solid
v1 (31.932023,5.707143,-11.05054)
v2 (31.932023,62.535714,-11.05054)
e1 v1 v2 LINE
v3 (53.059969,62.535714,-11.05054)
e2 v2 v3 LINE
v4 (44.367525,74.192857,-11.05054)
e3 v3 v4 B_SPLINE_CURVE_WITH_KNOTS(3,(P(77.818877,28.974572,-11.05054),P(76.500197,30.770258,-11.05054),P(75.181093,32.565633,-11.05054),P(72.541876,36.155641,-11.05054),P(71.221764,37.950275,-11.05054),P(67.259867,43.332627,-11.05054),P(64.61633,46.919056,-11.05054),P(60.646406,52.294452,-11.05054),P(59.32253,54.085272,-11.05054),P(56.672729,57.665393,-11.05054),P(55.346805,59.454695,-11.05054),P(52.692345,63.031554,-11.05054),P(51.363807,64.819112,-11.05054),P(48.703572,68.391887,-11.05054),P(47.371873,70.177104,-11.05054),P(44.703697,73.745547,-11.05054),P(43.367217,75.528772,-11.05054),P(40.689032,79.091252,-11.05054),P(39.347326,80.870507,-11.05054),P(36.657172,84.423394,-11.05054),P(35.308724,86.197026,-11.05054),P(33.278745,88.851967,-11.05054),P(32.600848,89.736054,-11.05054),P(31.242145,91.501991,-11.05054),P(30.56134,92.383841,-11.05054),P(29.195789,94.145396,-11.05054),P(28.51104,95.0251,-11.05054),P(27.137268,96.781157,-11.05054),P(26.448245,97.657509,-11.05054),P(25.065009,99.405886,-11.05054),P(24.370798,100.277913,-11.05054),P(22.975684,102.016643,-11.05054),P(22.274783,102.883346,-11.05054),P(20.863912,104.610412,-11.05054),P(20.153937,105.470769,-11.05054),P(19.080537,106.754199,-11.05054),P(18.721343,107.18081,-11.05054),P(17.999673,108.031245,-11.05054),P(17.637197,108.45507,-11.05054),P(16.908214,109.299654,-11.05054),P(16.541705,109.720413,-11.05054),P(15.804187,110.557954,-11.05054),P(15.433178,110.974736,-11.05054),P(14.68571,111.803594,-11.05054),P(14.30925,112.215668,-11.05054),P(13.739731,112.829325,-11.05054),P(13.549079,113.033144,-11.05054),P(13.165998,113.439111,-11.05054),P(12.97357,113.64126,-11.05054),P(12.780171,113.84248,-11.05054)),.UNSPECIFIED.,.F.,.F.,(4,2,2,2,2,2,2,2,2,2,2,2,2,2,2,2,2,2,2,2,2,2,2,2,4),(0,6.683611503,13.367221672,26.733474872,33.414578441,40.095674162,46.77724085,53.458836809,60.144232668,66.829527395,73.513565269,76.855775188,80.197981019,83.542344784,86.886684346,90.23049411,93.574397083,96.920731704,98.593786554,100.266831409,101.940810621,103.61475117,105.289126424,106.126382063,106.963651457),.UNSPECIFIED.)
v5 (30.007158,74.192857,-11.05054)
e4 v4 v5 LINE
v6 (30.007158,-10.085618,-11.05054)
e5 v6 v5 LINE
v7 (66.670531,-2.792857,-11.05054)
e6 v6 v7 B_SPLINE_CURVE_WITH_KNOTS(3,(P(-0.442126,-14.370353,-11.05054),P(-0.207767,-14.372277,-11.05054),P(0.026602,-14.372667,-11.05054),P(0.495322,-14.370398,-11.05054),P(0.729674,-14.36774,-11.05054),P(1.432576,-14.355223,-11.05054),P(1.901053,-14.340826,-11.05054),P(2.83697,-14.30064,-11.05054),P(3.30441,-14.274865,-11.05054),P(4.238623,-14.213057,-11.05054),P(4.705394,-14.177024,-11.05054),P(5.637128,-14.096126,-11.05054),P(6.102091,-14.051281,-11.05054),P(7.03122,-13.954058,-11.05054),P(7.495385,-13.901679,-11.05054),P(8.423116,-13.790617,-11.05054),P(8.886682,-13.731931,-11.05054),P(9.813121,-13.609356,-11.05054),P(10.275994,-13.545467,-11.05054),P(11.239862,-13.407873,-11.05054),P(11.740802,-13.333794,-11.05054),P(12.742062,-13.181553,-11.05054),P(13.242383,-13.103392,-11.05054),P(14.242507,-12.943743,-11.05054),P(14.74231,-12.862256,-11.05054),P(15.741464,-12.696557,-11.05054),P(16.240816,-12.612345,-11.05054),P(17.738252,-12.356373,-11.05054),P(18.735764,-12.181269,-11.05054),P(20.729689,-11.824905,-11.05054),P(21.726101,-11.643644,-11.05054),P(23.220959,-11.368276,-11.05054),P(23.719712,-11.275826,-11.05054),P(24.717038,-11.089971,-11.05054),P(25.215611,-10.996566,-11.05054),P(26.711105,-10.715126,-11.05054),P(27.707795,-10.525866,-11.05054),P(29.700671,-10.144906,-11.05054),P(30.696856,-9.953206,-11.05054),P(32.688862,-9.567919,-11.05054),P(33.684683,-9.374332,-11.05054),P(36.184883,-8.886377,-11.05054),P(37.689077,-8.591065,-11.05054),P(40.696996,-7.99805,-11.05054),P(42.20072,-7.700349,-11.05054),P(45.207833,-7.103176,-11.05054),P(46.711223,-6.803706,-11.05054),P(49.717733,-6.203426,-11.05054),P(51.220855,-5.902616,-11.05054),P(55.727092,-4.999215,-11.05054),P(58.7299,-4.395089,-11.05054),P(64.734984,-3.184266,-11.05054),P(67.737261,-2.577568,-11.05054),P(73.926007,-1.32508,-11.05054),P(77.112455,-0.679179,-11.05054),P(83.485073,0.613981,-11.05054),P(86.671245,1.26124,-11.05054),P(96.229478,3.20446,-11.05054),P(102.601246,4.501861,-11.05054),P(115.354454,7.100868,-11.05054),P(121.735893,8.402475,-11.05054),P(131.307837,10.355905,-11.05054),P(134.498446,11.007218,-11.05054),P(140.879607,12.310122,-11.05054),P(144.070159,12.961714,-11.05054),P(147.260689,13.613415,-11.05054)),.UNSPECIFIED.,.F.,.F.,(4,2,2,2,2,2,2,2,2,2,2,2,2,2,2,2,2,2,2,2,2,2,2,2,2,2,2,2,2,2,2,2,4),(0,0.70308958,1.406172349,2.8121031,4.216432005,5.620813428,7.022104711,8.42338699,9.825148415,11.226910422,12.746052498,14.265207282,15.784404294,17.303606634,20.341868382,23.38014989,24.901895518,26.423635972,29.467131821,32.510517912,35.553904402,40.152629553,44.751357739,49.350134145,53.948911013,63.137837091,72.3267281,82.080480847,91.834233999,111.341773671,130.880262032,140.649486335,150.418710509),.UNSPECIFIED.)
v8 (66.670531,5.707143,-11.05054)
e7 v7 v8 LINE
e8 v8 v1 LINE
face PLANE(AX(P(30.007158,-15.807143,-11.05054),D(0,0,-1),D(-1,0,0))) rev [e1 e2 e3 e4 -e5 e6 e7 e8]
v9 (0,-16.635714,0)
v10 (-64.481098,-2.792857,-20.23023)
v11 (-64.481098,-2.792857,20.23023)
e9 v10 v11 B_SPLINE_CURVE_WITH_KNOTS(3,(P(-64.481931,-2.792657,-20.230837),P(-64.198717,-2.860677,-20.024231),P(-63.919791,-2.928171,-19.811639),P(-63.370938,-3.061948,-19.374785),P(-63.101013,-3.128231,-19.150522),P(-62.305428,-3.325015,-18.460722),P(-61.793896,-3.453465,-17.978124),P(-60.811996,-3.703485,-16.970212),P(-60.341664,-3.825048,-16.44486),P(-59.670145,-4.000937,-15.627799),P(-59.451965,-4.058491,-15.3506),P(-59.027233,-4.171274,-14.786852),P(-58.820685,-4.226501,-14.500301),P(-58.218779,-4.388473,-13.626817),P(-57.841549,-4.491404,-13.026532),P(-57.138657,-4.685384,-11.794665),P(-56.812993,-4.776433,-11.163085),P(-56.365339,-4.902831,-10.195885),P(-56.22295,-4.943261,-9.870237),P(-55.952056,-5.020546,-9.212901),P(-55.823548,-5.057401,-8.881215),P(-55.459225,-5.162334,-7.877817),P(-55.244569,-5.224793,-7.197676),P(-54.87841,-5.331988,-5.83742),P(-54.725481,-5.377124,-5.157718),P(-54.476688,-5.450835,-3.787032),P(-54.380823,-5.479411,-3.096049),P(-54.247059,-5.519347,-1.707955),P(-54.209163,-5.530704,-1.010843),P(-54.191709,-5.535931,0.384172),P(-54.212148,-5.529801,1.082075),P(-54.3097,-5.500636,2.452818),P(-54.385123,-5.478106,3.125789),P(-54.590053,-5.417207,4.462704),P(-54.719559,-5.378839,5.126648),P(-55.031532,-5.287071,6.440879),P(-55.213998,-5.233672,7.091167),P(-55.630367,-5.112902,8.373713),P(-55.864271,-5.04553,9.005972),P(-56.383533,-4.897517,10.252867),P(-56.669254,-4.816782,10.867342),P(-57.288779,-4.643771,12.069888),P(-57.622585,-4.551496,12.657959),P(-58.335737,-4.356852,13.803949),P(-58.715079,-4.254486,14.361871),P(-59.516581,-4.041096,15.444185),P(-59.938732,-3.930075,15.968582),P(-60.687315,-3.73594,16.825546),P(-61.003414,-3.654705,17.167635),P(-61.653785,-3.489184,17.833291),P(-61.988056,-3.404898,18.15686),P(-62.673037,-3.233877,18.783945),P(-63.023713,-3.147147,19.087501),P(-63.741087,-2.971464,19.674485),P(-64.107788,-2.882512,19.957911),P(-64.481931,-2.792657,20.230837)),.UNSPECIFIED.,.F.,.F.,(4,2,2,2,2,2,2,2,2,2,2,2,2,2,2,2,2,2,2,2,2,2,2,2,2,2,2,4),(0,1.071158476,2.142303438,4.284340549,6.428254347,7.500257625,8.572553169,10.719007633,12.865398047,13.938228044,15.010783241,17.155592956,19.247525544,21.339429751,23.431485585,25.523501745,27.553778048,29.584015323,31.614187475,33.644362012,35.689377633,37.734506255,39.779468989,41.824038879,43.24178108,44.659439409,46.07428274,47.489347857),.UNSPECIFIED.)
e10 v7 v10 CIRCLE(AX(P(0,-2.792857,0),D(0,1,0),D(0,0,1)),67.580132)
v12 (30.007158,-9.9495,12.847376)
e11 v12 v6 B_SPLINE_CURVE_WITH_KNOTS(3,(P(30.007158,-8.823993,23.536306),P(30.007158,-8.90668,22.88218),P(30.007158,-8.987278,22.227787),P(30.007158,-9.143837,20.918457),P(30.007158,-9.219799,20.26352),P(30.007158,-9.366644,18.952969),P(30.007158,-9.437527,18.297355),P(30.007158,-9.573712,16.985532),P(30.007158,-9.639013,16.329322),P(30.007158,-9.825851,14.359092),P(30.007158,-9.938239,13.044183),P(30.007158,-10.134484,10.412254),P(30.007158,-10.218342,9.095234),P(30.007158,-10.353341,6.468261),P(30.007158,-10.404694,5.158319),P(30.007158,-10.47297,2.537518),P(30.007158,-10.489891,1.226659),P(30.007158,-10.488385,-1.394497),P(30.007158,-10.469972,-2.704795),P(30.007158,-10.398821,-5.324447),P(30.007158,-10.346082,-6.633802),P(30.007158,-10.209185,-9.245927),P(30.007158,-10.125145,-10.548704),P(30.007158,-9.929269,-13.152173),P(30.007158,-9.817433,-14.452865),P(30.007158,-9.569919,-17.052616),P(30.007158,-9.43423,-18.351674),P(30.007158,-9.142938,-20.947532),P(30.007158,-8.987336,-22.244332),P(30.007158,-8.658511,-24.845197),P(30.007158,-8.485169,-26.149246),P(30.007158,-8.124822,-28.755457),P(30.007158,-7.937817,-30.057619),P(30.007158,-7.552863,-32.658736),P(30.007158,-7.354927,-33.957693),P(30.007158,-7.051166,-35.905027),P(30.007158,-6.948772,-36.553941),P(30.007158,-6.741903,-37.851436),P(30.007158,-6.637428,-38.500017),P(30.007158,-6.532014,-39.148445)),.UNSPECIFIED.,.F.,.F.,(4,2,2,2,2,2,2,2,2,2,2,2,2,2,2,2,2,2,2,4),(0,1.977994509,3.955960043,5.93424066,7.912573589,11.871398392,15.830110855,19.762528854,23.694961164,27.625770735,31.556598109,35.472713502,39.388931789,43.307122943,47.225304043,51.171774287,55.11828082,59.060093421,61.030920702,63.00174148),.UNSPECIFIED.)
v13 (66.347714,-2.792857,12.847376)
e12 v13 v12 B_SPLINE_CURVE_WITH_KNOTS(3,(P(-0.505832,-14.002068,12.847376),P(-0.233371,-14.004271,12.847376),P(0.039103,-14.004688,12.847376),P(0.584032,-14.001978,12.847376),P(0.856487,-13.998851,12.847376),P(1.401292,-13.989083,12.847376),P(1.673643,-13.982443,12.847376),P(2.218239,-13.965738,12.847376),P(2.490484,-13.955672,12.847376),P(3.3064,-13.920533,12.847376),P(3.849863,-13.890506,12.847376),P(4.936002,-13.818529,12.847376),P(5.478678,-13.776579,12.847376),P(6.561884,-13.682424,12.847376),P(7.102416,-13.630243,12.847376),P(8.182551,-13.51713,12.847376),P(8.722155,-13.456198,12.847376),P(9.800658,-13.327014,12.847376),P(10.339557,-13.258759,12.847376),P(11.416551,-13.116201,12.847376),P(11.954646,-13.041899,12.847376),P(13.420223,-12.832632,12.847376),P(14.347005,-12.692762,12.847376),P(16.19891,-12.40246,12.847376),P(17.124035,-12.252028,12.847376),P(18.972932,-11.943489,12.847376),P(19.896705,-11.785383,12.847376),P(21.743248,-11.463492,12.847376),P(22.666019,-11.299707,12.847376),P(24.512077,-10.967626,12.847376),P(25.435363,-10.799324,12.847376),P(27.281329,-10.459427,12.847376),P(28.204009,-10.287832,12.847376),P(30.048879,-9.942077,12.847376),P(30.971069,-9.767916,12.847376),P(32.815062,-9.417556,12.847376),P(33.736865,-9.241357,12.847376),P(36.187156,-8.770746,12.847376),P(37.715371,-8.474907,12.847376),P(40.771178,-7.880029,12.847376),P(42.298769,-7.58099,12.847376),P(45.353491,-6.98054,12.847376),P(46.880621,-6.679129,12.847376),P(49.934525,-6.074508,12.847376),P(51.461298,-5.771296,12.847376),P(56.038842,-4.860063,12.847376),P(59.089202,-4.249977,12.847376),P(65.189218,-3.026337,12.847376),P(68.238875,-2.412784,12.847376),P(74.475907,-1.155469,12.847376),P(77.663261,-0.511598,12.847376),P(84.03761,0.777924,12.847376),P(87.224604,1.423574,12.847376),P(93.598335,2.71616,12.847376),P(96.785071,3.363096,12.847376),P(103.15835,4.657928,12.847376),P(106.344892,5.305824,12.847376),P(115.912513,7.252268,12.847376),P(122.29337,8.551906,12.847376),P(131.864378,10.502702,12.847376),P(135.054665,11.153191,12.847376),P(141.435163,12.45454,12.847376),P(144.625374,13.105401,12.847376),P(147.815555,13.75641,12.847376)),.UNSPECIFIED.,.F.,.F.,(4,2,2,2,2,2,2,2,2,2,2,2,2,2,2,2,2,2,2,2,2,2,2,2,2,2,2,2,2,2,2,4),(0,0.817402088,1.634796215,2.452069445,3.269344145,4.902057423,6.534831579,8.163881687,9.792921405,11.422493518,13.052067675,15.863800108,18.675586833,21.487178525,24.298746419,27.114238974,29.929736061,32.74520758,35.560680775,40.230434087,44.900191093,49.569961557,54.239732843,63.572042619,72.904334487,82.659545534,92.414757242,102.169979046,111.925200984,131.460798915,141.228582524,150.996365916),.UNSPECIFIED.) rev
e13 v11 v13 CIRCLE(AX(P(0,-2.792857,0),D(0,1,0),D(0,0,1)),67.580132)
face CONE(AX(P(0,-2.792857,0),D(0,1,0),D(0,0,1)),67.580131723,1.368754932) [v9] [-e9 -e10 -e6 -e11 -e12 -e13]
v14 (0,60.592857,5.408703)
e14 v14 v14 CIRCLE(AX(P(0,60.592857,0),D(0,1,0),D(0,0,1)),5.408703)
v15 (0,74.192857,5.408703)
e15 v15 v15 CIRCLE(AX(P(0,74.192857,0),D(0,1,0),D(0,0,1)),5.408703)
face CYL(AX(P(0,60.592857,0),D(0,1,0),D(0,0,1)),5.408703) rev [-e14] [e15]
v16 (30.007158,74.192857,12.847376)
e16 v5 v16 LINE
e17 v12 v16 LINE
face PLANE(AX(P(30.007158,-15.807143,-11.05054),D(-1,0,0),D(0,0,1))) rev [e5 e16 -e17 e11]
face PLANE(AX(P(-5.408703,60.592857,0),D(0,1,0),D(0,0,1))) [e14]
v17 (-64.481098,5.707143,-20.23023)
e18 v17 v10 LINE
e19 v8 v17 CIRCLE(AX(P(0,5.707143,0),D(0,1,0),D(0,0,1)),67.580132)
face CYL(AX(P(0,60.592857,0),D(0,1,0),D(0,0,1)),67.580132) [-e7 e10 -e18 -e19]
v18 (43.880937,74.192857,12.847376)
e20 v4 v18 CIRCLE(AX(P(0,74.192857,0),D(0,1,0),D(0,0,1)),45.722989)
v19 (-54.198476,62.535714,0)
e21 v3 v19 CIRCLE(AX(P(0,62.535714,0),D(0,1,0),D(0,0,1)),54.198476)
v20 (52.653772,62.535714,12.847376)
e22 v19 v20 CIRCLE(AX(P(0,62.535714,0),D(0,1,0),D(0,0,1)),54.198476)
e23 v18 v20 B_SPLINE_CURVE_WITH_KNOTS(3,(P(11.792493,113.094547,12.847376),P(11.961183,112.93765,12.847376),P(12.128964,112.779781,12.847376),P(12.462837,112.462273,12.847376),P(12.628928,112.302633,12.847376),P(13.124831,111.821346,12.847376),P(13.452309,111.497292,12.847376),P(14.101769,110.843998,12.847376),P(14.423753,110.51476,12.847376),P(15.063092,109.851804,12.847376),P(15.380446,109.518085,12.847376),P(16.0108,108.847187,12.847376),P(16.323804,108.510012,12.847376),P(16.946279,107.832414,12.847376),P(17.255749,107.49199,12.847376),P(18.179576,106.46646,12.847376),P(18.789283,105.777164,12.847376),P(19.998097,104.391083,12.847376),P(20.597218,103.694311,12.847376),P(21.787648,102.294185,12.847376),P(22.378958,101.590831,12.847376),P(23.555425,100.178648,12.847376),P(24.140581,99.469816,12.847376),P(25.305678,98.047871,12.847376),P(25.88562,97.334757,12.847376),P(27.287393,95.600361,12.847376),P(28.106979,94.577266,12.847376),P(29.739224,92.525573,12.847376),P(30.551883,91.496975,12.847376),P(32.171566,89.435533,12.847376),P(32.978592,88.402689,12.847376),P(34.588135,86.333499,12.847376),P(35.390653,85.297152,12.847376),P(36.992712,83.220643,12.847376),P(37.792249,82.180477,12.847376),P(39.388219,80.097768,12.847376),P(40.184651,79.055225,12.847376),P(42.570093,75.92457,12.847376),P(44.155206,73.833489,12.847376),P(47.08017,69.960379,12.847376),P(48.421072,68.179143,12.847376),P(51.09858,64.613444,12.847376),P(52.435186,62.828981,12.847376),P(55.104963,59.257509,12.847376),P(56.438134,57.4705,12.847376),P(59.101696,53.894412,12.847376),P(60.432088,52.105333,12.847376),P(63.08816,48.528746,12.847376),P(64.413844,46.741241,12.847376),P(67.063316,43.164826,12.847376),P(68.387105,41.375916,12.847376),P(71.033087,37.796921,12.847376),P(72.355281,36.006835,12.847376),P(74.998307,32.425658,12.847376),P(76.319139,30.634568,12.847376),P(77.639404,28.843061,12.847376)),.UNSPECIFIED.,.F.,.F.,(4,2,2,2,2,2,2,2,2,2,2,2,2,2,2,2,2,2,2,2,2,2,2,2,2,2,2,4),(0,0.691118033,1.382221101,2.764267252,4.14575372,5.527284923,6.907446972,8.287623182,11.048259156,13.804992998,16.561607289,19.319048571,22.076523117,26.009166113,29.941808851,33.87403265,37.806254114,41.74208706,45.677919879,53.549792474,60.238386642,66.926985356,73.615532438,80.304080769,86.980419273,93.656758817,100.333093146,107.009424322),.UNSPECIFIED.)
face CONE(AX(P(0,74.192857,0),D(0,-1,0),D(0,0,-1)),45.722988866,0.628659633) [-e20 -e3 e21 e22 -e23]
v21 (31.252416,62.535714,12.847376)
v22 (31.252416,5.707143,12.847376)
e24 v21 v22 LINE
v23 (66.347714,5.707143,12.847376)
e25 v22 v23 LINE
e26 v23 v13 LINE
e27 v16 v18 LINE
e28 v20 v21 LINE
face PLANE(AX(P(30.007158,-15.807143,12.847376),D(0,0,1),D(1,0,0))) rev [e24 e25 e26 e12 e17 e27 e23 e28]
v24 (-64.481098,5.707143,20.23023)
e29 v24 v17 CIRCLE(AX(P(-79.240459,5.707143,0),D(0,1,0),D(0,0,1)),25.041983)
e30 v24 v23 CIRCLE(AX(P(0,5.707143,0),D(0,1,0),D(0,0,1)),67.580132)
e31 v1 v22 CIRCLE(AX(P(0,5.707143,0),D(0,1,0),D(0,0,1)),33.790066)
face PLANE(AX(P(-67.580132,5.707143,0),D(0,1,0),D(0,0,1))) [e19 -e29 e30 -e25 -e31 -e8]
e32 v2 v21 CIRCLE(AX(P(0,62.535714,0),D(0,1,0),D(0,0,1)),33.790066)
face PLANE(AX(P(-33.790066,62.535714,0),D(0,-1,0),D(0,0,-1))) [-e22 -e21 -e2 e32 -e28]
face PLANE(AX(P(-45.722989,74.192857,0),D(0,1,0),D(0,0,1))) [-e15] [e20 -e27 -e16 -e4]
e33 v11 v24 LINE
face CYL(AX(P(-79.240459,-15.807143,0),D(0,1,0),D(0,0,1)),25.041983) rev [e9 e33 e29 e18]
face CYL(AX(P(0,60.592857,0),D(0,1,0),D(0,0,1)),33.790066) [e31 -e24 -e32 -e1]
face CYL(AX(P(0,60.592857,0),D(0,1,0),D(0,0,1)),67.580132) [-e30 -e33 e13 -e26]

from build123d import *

# Parameters (mm, degrees)
ESQUISSE2_R             = 25.041983138
ESQUISSE2_W             = 44.202160672
ESQUISSE2_H             = 23.897916136
ENL_V_MAT_EXTRU_1_DEPTH = 90


with BuildPart() as part:
    # Esquisse1 → Révolution1 (revolve)
    with BuildSketch(Plane.XY, mode=Mode.PRIVATE) as r_volution1_sk:
        Polygon((-45.722988866, 74.192857143), (-5.408703152, 74.192857143), (-5.408703152, 60.592857143), (0, 60.592857143), (0, -16.635714286), (-67.580131723, -2.792857143), (-67.580131723, 5.707142857), (-33.790065862, 5.707142857), (-33.790065862, 62.535714286), (-54.198475628, 62.535714286), align=None)
    revolve(r_volution1_sk.sketch.rotate(Axis((0, 60.592857143, 0), (0, -1, 0)), 270), axis=Axis((0, 60.592857143, 0), (0, -1, 0)))

    # Esquisse2 → Enlèv. mat.-Extru.1 (cut)
    with BuildSketch(Plane(origin=(0, 74.192857143, 0), x_dir=(1, 0, 0), z_dir=(0, 1, 0))):
        with Locations((-79.240458765, 0)):
            Circle(ESQUISSE2_R)
        with Locations((52.10823819, -0.8984179)):
            Rectangle(ESQUISSE2_W, ESQUISSE2_H)
    extrude(amount=-ENL_V_MAT_EXTRU_1_DEPTH, mode=Mode.SUBTRACT)


solid = part.part
